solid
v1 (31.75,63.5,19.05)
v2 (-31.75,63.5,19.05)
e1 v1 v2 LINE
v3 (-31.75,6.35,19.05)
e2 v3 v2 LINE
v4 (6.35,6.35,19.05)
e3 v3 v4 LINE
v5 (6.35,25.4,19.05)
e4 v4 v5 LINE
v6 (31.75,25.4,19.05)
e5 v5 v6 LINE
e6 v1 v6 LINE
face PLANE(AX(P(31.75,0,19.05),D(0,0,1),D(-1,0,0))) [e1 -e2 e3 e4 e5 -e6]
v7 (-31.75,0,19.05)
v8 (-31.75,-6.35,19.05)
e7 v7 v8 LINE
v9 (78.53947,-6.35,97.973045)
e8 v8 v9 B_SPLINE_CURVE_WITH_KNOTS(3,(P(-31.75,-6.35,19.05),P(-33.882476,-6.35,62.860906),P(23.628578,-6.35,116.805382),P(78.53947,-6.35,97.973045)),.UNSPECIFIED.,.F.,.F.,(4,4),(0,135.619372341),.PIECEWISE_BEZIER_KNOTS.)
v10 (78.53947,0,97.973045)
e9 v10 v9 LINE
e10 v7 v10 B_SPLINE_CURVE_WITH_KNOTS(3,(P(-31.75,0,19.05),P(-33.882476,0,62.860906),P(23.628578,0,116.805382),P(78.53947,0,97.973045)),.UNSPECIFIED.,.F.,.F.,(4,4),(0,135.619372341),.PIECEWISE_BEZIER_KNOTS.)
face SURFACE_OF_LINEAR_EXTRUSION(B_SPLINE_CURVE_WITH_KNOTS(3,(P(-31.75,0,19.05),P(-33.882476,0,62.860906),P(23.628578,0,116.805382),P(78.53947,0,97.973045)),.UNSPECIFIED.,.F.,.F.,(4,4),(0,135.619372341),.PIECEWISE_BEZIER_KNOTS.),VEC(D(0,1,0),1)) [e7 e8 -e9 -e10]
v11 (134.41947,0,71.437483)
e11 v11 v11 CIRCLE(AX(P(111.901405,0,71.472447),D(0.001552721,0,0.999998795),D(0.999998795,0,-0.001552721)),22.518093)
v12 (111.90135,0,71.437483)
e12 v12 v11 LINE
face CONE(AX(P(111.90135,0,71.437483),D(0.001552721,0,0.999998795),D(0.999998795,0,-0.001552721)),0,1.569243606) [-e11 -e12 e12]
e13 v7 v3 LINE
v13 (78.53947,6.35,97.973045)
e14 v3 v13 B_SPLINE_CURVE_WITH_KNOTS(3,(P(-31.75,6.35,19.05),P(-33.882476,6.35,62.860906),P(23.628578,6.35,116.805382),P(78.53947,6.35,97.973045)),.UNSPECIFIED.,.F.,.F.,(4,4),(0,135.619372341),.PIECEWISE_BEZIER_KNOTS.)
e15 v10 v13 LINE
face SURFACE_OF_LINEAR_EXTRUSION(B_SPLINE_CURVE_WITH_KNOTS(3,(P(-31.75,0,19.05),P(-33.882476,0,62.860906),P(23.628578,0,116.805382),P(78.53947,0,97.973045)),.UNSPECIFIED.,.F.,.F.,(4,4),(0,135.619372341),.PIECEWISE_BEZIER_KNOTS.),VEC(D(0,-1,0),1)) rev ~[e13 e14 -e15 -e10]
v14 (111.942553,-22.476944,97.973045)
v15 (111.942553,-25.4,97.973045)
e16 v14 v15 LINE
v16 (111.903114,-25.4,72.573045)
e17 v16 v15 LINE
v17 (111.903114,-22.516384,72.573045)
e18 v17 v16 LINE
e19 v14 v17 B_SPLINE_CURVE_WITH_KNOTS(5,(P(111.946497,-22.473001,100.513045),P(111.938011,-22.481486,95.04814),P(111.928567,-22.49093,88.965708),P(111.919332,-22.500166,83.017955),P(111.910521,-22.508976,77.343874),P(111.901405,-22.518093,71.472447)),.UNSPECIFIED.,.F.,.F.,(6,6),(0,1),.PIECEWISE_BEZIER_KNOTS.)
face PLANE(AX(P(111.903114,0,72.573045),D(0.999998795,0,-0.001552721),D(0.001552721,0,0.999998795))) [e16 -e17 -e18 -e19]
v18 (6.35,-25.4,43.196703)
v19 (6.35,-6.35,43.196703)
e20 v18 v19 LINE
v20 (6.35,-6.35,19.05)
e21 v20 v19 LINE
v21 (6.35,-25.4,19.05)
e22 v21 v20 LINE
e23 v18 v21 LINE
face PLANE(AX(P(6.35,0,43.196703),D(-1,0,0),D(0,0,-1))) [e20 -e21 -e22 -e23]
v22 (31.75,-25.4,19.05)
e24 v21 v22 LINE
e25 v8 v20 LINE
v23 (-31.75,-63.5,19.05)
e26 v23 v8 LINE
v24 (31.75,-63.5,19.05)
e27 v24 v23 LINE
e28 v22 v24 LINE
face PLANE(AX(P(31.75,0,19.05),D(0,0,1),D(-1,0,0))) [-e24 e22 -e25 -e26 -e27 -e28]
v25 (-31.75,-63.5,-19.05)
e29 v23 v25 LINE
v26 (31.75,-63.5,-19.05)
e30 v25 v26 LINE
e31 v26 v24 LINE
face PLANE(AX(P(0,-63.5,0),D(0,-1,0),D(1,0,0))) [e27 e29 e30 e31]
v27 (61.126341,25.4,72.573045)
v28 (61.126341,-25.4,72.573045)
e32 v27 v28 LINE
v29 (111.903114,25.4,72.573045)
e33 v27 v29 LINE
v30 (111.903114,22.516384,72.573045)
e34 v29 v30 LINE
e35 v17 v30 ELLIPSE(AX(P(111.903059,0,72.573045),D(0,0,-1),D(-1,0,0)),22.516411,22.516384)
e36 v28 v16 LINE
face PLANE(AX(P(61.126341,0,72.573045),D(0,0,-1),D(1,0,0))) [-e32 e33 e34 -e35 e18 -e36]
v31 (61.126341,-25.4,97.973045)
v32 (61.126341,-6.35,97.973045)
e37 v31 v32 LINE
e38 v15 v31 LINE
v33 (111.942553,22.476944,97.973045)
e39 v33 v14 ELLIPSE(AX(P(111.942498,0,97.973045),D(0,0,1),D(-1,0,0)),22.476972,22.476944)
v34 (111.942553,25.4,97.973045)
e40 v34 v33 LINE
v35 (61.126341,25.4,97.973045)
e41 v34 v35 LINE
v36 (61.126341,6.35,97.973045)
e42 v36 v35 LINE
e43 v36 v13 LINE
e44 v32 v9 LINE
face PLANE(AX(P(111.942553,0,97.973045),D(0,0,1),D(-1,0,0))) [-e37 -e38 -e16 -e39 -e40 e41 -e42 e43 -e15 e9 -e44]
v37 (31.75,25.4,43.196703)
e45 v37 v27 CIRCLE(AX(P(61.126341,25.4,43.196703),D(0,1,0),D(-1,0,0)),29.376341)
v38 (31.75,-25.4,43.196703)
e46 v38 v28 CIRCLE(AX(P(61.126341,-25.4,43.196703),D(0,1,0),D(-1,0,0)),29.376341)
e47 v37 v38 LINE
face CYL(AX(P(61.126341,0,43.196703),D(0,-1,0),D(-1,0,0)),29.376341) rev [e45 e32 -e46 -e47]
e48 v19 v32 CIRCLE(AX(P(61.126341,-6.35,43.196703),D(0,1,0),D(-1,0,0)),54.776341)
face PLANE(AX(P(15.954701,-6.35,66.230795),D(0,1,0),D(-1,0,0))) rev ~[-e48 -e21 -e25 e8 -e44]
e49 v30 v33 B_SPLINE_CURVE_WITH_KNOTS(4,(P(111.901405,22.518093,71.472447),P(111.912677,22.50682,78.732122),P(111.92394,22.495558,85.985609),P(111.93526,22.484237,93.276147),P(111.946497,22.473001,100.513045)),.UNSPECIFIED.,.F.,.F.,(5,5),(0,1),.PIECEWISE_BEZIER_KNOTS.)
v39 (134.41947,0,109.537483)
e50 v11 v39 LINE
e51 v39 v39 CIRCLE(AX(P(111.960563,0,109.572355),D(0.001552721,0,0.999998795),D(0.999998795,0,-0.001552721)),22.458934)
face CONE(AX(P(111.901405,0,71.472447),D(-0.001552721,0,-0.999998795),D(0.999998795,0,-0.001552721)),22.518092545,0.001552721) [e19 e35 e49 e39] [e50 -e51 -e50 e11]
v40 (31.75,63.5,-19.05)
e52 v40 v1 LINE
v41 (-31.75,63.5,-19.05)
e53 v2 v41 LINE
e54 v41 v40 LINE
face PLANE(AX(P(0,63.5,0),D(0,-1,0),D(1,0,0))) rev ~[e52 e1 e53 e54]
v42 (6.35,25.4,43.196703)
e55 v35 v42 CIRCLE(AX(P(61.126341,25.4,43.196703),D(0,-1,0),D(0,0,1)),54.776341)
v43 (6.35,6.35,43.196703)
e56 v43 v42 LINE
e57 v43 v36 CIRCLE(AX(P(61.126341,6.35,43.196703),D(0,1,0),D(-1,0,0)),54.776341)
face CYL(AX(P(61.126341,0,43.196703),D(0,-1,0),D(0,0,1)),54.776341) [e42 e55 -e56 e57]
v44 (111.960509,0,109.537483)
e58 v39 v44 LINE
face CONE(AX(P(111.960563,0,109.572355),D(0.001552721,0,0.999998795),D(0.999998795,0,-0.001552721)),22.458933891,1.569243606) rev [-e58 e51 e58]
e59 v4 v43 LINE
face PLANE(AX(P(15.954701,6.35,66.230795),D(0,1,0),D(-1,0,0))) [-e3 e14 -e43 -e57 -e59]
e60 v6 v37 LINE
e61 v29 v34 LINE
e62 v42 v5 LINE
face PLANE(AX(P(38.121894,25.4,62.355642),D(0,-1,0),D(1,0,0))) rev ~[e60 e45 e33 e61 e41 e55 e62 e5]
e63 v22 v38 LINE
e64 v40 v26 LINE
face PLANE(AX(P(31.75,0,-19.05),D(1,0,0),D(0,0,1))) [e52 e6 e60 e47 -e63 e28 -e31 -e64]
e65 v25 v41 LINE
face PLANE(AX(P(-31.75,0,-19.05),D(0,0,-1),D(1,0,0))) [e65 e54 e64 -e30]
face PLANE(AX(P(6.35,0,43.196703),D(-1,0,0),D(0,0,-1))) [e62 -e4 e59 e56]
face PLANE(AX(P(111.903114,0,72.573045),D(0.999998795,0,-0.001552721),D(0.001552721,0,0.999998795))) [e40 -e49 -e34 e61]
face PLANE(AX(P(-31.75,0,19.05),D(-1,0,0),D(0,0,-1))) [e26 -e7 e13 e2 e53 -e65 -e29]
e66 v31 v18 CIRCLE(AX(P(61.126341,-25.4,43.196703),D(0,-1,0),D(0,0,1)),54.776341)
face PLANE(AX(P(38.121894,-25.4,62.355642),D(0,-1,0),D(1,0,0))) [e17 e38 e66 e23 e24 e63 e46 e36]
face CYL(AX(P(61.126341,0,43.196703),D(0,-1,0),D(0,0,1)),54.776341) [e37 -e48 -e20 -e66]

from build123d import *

# Parameters (mm, degrees)
F1_DEPTH = 63.5
F2_DEPTH = 25.4
F3_DEPTH = 6.35


with BuildPart() as f1:
    # F0 (on Front) → F1 (new body, symmetric)
    with BuildSketch(Plane.XZ):
        Polygon((-31.75, -19.05), (31.75, -19.05), (31.75, 19.05), (6.35, 19.05), (-31.75, 19.05), align=None)
    extrude(amount=F1_DEPTH, both=True)

    # F0 (on Front) → F2 (join, symmetric)
    with BuildSketch(Plane.XZ):
        with BuildLine():
            Line((6.35, 19.05), (31.75, 19.05))
            Line((31.75, 19.05), (31.75, 43.1967032691))
            ThreePointArc((31.75, 43.1967032691), (40.3541311515, 63.9689133875), (61.1263412699, 72.573044539))
            Line((61.1263412699, 72.573044539), (78.5394700097, 72.573044539))
            Line((78.5394700097, 72.573044539), (78.5394700097, 97.973044539))
            Line((78.5394700097, 97.973044539), (61.1263412699, 97.973044539))
            ThreePointArc((61.1263412699, 97.973044539), (22.3936189094, 81.9294256296), (6.35, 43.1967032691))
            Line((6.35, 43.1967032691), (6.35, 19.05))
        make_face()
        Polygon((111.9425526827, 97.973044539), (78.5394700097, 97.973044539), (78.5394700097, 72.573044539), (111.903113532, 72.573044539), align=None)
    extrude(amount=F2_DEPTH, both=True)

    # F0 (on Front) → F3 (join, symmetric)
    with BuildSketch(Plane.XZ):
        with BuildLine():
            add(Edge.make_bspline(
                [(-31.75, 19.05), (-33.8824763894, 62.8609061241), (23.62857759, 116.8053820729), (78.5394700097, 97.973044539)],
                knots=[0, 0, 0, 0, 135.6193723415, 135.6193723415, 135.6193723415, 135.6193723415], degree=3))
            Line((-31.75, 19.05), (6.35, 19.05))
            Line((6.35, 19.05), (6.35, 43.1967032691))
            ThreePointArc((6.35, 43.1967032691), (22.3936189094, 81.9294256296), (61.1263412699, 97.973044539))
            Line((61.1263412699, 97.973044539), (78.5394700097, 97.973044539))
        make_face()
    extrude(amount=F3_DEPTH, both=True)

    # F0 (on Front) → F4 (revolve)
    with BuildSketch(Plane.XZ):
        Polygon((111.9605090454, 109.5374825459), (111.9425526827, 97.973044539), (111.903113532, 72.573044539), (111.9013503194, 71.4374825459), (134.4194700097, 71.4374825459), (134.4194700097, 109.5374825459), align=None)
    revolve(axis=Axis((111.9309296824, 0, 90.4874825459), (0.0015527206, 0, 0.9999987945)))


solid = f1.part
